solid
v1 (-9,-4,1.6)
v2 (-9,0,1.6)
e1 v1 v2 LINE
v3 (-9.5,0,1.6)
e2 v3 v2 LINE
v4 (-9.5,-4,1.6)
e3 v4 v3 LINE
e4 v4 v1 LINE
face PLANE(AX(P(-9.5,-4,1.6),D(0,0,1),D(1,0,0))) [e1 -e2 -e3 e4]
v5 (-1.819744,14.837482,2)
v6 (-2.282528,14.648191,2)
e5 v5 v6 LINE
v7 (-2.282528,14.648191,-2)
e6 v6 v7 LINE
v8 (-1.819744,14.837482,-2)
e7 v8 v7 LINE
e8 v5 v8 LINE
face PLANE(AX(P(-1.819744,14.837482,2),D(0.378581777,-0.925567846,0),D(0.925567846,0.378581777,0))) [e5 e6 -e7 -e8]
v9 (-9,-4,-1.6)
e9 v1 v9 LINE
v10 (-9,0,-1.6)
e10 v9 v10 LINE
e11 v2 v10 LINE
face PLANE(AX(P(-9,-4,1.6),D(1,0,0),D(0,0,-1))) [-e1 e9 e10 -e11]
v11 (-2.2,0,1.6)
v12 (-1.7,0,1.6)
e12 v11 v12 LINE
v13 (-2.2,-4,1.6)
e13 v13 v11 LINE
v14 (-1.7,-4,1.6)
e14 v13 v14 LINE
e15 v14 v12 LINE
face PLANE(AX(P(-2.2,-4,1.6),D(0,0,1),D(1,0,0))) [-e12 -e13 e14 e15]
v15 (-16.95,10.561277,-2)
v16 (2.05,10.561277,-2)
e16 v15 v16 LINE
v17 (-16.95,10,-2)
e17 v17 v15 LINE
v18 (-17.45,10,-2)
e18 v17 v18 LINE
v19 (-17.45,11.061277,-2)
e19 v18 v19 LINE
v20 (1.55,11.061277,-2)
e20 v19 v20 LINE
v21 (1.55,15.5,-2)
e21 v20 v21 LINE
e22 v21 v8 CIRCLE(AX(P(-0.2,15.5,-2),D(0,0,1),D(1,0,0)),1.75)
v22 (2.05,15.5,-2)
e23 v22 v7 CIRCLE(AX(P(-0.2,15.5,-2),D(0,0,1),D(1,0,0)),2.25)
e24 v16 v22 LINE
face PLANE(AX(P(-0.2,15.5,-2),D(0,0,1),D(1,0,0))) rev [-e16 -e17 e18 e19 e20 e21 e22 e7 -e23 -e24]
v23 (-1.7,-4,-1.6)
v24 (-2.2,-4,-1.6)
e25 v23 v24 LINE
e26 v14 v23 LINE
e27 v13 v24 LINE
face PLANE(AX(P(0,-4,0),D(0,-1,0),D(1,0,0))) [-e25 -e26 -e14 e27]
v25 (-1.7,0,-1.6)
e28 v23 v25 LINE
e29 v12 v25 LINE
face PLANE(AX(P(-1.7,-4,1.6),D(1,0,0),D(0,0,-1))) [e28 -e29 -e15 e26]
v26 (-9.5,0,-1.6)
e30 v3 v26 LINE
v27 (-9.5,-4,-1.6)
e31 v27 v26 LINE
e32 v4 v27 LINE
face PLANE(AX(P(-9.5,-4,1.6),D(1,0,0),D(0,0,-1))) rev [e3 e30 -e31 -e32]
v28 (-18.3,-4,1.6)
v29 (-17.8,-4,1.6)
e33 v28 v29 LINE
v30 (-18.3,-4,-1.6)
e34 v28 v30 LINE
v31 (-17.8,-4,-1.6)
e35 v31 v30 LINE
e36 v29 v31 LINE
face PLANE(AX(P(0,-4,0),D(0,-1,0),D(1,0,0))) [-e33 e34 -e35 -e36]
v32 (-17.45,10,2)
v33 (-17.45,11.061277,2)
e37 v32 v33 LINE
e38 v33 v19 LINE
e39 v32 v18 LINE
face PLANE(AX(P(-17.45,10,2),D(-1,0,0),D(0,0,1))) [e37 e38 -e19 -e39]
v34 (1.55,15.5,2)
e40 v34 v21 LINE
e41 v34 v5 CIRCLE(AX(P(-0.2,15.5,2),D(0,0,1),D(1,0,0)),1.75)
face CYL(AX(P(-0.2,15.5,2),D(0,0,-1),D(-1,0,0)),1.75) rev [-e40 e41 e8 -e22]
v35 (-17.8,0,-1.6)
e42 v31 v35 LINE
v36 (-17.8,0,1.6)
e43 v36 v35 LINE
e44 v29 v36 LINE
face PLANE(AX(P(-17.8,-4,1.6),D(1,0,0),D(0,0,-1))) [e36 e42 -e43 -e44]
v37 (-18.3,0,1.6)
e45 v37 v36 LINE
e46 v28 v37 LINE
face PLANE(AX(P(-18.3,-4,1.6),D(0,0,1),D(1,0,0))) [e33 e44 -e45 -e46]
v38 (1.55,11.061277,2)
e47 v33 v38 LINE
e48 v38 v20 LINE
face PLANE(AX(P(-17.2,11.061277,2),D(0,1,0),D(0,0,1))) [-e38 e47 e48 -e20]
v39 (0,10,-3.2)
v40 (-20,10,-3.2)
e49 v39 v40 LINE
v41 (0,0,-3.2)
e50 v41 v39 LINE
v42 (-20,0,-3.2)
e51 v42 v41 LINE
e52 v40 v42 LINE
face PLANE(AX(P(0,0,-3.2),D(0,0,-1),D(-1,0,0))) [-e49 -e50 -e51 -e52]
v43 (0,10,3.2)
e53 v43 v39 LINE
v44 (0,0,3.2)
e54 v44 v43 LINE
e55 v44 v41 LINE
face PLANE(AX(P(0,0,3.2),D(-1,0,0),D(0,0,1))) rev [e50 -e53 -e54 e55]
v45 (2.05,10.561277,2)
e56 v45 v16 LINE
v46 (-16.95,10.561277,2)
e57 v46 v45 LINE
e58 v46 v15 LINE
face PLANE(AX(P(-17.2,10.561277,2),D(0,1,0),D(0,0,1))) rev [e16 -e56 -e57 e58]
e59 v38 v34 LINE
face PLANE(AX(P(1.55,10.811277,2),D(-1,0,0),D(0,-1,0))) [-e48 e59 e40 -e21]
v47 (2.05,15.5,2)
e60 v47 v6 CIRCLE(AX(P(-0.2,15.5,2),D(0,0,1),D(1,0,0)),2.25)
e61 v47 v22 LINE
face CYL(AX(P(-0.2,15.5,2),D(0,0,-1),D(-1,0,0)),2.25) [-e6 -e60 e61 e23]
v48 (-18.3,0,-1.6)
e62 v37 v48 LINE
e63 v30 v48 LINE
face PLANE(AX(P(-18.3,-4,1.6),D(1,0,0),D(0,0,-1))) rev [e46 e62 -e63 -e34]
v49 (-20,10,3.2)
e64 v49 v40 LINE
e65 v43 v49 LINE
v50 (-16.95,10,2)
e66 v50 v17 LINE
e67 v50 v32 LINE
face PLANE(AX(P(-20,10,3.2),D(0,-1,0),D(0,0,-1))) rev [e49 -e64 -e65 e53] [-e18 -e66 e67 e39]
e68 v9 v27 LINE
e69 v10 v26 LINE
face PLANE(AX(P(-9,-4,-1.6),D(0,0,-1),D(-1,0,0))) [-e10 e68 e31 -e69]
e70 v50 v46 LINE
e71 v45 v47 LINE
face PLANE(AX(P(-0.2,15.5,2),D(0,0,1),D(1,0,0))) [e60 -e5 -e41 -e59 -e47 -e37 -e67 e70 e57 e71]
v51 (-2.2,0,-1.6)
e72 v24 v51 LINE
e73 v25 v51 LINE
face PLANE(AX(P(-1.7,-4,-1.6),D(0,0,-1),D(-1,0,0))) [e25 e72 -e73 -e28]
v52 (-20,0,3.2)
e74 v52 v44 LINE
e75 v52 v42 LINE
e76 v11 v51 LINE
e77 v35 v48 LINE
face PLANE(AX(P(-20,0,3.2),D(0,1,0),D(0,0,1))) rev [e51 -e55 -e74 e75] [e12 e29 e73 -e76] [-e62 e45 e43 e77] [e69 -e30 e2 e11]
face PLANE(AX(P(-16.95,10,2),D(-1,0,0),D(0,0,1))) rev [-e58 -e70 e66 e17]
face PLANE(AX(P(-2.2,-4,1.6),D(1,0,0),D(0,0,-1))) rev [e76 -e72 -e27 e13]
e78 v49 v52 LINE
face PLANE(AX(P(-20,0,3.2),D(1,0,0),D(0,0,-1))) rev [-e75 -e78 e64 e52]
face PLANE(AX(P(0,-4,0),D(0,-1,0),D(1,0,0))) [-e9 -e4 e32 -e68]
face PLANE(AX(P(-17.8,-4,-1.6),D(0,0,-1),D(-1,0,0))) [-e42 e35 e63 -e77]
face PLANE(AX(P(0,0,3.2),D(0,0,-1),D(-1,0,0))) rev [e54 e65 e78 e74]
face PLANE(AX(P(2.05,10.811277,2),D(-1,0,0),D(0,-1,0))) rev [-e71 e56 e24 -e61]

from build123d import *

# Parameters (mm, degrees)
SKETCH_1_W        = 20
SKETCH_1_H        = 10
EXTRUDE_1_DEPTH   = 3.2
SKETCH_2_W        = 0.5
SKETCH_2_H        = 3.2
EXTRUDE_1_2_DEPTH = 4
EXTRUDE_2_DEPTH   = 2


with BuildPart() as part:
    # Эскиз1 → Extrude 1 (new, symmetric)
    with BuildSketch(Plane.XY):
        with Locations((-10, 5)):
            Rectangle(SKETCH_1_W, SKETCH_1_H)
    extrude(amount=EXTRUDE_1_DEPTH, both=True)

    # Эскиз2 → Extrude 1 2 (add)
    with BuildSketch(Plane.XZ):
        with Locations((-18.05, 0)):
            Rectangle(SKETCH_2_W, SKETCH_2_H)
        with Locations((-9.25, 0)):
            Rectangle(SKETCH_2_W, SKETCH_2_H)
        with Locations((-1.95, 0)):
            Rectangle(SKETCH_2_W, SKETCH_2_H)
    extrude(amount=EXTRUDE_1_2_DEPTH)

    # Эскиз3 → Вытянуть-Тонкостенный2 (add, symmetric)
    with BuildSketch(Plane.XY):
        with BuildLine():
            Line((-16.95, 10), (-16.95, 10.561276731))
            Line((-16.95, 10.561276731), (2.05, 10.561276731))
            Line((2.05, 10.561276731), (2.05, 15.5))
            ThreePointArc((2.05, 15.5), (-0.634058048, 17.70773495), (-2.282527654, 14.648191002))
            Line((-2.282527654, 14.648191002), (-1.819743731, 14.83748189))
            ThreePointArc((-1.819743731, 14.83748189), (-0.537600704, 17.217127184), (1.55, 15.5))
            Line((1.55, 15.5), (1.55, 11.061276731))
            Line((1.55, 11.061276731), (-17.45, 11.061276731))
            Line((-17.45, 11.061276731), (-17.45, 10))
            Line((-17.45, 10), (-16.95, 10))
        make_face()
    extrude(amount=EXTRUDE_2_DEPTH, both=True)


solid = part.part
